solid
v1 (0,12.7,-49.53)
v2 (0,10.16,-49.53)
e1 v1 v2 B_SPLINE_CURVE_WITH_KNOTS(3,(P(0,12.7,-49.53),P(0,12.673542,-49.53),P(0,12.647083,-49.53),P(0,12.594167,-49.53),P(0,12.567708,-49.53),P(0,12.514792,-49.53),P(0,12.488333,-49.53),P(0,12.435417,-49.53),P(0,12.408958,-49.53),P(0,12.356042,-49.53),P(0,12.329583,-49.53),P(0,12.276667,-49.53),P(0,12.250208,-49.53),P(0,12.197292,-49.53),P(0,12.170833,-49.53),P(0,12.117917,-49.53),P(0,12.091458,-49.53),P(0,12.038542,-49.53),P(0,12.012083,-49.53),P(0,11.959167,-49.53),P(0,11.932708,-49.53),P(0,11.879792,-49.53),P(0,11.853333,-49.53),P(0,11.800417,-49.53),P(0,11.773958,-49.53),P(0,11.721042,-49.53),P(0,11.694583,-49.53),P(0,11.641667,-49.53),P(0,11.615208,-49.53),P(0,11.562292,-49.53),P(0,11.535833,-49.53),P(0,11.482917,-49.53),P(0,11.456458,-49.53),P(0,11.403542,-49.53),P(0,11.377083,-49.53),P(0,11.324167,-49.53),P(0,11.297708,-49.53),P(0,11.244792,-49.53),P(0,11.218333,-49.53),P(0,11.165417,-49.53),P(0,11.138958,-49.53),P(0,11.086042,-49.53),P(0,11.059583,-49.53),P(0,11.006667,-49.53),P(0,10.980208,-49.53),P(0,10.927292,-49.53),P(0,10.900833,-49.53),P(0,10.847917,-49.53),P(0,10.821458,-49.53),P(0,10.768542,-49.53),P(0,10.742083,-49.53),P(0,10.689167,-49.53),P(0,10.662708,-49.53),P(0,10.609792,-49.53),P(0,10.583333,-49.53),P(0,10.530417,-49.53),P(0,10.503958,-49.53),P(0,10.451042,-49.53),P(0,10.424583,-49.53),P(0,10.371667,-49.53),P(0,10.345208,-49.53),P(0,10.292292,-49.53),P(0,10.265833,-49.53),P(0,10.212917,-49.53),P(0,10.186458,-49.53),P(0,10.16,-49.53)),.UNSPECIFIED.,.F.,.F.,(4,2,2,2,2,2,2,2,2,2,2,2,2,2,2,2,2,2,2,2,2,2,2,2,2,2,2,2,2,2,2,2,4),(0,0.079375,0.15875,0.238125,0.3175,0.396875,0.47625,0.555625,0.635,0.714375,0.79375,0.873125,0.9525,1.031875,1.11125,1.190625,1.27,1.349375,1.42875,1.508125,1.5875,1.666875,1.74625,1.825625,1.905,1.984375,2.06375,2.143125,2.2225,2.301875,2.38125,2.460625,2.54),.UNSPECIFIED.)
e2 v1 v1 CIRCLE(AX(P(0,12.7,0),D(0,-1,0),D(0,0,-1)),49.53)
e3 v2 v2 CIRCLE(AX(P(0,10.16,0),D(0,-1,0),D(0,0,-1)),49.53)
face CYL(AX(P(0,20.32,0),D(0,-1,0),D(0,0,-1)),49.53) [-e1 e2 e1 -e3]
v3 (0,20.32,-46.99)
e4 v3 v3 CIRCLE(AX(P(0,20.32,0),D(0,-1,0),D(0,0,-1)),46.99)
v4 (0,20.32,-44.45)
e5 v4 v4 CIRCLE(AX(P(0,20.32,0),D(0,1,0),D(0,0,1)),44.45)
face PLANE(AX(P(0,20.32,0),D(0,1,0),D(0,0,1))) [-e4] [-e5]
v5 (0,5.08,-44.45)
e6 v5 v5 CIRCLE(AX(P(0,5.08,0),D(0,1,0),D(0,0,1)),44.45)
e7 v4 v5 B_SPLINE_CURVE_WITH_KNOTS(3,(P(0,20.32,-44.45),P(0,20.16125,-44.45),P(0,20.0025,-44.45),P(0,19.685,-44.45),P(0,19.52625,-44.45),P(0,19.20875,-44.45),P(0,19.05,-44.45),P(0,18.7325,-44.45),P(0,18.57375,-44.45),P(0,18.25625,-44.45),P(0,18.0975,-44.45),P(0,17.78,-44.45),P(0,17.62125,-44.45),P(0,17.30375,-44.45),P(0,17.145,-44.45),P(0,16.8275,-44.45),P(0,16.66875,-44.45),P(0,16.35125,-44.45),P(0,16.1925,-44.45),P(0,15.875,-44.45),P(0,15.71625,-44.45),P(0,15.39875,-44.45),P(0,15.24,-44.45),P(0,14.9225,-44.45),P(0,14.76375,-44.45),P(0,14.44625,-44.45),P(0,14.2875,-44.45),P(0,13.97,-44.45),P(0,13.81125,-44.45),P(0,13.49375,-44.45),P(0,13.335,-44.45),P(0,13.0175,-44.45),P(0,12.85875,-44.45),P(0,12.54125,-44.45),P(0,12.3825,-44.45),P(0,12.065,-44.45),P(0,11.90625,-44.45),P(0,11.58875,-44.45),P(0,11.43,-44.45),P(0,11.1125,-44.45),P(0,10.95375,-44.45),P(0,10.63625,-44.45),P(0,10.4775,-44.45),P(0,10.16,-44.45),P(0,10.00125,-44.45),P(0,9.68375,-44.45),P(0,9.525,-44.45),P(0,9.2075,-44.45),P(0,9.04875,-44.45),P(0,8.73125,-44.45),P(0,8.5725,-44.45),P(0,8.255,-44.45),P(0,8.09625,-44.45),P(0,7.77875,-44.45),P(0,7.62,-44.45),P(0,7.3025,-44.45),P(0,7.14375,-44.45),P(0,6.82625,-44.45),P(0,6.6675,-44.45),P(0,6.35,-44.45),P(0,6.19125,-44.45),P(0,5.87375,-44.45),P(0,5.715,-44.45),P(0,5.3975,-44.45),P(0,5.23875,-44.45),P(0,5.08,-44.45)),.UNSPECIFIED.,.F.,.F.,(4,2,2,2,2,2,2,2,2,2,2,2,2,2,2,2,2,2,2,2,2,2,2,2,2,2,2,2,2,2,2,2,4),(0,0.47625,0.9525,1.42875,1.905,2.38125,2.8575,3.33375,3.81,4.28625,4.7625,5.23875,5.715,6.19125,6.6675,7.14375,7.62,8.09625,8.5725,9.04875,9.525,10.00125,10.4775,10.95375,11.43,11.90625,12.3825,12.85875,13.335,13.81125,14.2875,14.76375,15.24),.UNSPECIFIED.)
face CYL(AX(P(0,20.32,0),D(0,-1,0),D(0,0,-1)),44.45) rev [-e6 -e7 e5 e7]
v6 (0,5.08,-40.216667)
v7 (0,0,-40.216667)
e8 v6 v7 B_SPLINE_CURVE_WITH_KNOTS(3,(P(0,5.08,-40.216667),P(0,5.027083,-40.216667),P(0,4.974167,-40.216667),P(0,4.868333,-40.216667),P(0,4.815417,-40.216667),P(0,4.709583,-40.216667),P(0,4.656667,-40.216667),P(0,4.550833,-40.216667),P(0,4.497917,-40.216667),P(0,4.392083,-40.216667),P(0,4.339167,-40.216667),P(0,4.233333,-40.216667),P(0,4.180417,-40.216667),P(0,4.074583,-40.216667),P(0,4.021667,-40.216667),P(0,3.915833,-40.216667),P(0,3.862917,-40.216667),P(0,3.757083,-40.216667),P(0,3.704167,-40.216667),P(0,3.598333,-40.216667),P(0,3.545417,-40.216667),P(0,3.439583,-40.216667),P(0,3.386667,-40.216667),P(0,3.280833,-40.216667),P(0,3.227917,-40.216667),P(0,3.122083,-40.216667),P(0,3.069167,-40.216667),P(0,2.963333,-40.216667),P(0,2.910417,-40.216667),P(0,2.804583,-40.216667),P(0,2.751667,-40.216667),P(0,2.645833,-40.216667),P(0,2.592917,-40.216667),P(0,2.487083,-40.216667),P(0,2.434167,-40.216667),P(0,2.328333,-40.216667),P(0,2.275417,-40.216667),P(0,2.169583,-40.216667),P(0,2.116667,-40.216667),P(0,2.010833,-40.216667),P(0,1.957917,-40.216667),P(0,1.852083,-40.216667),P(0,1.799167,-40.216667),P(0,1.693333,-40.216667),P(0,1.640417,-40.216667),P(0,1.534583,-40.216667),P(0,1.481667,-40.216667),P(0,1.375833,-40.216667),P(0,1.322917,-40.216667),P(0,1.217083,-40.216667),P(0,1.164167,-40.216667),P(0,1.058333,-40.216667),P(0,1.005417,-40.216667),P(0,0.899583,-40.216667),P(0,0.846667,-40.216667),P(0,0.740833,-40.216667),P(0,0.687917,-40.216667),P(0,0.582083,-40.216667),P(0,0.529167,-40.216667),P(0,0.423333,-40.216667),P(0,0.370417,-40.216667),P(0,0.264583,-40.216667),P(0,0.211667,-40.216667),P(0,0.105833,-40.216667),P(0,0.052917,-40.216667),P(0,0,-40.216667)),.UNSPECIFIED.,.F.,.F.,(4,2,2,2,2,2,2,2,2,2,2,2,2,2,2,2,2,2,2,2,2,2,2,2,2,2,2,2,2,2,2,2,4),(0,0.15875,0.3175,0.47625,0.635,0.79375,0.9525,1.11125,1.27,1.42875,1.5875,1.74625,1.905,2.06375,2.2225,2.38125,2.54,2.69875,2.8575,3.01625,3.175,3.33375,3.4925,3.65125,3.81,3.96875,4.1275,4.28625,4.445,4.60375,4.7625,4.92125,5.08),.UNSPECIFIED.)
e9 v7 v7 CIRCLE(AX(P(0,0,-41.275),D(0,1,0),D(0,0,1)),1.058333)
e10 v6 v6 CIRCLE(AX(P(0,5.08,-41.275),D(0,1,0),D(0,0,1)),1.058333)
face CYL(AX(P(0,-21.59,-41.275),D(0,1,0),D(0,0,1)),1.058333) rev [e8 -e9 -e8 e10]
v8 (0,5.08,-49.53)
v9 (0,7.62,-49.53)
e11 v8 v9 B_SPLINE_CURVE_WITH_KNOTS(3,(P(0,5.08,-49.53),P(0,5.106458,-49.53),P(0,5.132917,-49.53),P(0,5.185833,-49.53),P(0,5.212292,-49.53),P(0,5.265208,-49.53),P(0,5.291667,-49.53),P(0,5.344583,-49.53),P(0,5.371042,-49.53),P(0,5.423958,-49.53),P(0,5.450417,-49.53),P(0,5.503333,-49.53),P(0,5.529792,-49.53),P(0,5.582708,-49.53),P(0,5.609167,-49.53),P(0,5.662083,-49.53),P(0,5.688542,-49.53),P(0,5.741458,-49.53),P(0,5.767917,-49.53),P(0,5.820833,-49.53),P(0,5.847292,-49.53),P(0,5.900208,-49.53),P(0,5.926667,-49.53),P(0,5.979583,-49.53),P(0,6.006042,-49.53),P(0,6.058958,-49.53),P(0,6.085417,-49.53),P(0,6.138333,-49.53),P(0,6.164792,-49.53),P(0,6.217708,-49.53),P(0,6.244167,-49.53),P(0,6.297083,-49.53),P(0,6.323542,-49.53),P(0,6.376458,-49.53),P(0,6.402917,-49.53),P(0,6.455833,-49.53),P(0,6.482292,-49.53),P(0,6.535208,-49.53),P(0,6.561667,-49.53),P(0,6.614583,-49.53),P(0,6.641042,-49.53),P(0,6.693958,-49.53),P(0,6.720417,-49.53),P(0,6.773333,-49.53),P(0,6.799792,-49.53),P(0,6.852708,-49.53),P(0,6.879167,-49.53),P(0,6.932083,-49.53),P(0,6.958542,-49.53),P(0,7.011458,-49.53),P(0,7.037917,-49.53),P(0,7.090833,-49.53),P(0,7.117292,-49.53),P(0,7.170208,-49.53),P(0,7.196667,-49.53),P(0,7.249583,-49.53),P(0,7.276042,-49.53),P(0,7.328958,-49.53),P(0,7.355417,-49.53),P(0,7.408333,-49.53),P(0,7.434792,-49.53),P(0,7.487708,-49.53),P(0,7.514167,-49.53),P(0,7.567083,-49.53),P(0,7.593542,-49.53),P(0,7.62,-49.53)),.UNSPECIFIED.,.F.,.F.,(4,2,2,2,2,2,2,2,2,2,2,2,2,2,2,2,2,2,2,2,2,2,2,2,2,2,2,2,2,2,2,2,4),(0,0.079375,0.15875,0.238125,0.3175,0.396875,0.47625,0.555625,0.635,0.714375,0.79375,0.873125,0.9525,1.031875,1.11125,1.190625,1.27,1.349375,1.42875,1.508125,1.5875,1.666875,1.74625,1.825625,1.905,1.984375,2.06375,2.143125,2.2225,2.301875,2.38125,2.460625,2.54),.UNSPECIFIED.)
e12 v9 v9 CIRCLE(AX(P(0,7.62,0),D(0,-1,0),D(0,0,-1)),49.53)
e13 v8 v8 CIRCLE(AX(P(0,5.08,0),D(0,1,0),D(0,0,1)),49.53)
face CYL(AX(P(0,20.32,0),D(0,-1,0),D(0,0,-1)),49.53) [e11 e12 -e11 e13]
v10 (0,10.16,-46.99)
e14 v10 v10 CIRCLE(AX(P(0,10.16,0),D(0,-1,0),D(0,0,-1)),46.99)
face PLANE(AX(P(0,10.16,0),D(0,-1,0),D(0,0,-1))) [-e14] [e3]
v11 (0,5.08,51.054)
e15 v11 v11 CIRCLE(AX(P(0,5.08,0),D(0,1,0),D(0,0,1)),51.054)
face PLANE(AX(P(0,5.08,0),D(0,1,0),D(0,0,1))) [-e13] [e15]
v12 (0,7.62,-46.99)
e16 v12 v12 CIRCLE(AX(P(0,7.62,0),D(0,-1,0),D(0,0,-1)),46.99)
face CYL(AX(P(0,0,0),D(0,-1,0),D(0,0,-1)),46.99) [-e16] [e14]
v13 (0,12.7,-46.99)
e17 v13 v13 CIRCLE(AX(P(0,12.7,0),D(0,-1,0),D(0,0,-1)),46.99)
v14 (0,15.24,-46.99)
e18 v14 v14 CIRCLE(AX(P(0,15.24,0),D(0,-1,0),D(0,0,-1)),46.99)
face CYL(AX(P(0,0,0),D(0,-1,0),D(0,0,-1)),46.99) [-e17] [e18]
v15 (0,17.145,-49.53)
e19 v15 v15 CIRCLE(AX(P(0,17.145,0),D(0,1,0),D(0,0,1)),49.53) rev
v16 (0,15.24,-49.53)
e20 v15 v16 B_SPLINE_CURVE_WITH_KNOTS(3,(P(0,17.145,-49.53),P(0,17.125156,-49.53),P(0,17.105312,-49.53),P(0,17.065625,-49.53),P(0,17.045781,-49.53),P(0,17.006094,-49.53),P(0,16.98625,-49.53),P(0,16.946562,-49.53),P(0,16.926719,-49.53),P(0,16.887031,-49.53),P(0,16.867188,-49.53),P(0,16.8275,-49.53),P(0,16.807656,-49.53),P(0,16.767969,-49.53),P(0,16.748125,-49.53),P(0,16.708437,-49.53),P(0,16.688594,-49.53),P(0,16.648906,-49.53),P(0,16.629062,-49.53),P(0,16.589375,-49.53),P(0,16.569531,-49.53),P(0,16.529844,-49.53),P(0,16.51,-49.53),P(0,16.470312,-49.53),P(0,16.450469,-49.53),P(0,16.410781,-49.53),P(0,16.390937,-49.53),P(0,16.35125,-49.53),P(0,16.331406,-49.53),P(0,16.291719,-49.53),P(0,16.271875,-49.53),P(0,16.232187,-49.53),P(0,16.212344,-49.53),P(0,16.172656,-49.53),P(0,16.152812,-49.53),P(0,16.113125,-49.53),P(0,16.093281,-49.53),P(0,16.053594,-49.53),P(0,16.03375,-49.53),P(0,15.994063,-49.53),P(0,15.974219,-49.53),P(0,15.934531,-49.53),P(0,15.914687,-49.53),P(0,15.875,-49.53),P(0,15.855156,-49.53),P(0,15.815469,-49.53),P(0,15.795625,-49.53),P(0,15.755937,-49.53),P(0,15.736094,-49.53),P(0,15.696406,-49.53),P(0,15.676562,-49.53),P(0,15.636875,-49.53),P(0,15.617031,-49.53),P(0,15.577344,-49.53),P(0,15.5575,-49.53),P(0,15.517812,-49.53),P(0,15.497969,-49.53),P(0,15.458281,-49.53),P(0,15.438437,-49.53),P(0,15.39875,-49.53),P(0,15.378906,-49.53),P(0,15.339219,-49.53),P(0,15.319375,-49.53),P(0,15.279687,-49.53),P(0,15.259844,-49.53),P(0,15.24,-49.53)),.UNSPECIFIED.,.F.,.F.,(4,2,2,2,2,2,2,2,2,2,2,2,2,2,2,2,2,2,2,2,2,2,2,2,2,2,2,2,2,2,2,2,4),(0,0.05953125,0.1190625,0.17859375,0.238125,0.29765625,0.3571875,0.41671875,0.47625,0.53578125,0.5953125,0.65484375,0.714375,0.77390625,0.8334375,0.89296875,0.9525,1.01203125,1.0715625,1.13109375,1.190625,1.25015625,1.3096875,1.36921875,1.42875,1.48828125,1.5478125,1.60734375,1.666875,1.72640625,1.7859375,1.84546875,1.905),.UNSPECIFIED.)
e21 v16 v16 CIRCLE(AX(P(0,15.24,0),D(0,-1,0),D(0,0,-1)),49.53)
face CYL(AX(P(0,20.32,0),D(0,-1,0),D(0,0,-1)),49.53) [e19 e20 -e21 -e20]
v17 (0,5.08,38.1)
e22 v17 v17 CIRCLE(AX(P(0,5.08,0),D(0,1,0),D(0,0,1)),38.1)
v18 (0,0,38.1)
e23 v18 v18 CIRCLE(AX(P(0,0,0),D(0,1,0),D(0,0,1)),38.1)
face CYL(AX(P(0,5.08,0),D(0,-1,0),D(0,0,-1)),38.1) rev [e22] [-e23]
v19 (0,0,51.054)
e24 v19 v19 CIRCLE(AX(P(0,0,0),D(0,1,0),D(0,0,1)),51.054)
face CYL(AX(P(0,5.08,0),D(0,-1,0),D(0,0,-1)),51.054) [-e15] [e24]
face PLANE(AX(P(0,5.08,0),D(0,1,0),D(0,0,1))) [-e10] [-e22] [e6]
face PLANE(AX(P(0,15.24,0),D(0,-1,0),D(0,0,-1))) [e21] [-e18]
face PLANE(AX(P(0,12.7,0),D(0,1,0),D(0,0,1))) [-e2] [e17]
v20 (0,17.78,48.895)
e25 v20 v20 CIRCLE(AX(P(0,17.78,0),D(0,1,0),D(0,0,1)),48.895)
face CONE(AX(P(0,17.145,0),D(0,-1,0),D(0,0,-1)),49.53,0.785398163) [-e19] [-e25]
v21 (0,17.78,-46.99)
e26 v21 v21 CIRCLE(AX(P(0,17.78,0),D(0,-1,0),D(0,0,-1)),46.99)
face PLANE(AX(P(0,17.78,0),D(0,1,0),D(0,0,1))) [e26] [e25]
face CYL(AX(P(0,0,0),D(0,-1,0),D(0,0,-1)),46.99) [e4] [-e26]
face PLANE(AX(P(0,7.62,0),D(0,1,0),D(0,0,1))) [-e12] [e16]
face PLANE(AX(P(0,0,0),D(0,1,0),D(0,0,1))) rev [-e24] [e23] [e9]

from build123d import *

# Parameters (mm, degrees)
SKETCH1_R           = 51.054
SKETCH1_R_2         = 38.1
BOSS_EXTRUDE1_DEPTH = 5.08
SKETCH2_R           = 49.53
SKETCH2_R_2         = 44.45
BOSS_EXTRUDE2_DEPTH = 15.24
SKETCH4_W           = 2.54
SKETCH4_H           = 2.54
CHAMFER1_SIZE       = 0.635
CUT_EXTRUDE1_DEPTH  = 26.67


with BuildPart() as part:
    # Sketch1 → Boss-Extrude1 (new body)
    with BuildSketch(Plane(origin=(0, 0, 0), x_dir=(1, 0, 0), z_dir=(0, 1, 0))):
        with Locations(Location((0, 0, 0), (0, 0, 270))):
            Circle(SKETCH1_R)
        with Locations(Location((0, 0, 0), (0, 0, 270))):
            Circle(SKETCH1_R_2, mode=Mode.SUBTRACT)
    extrude(amount=BOSS_EXTRUDE1_DEPTH)

    # Sketch2 → Boss-Extrude2 (add)
    with BuildSketch(Plane(origin=(0, 5.08, 0), x_dir=(1, 0, 0), z_dir=(0, 1, 0))):
        with Locations(Location((0, 0, 0), (0, 0, 90))):
            Circle(SKETCH2_R)
        with Locations(Location((0, 0, 0), (0, 0, 90))):
            Circle(SKETCH2_R_2, mode=Mode.SUBTRACT)
    extrude(amount=BOSS_EXTRUDE2_DEPTH)

    # Sketch4 → Cut-Revolve1 (revolve, cut)
    with BuildSketch(Plane.XY, mode=Mode.PRIVATE) as cut_revolve1_sk:
        with Locations((-48.26, 8.89)):
            Rectangle(SKETCH4_W, SKETCH4_H)
        with Locations((-48.26, 13.97)):
            Rectangle(SKETCH4_W, SKETCH4_H)
        with Locations((-48.26, 19.05)):
            Rectangle(SKETCH4_W, SKETCH4_H)
    revolve(cut_revolve1_sk.sketch.rotate(Axis((0, 0, 0), (0, 1, 0)), 270), axis=Axis((0, 0, 0), (0, 1, 0)), mode=Mode.SUBTRACT)

    # Chamfer1
    chamfer1_edges = [part.edges().sort_by_distance(p)[0] for p in [
        (0, 17.78, 49.53),
    ]]
    chamfer(chamfer1_edges, length=CHAMFER1_SIZE)

    # Sketch5 → Cut-Extrude1 (cut)
    with BuildSketch(Plane(origin=(0, 5.08, 0), x_dir=(1, 0, 0), z_dir=(0, 1, 0))):
        with BuildLine():
            ThreePointArc((0, 42.333333164), (-1.058333164, 41.275), (0, 40.216666836))
            Line((0, 40.216666836), (0, 42.333333164))
        make_face()
        with BuildLine():
            Line((0, 42.333333164), (0, 40.216666836))
            ThreePointArc((0, 40.216666836), (0.748354557, 40.526645443), (1.058333164, 41.275))
            ThreePointArc((1.058333164, 41.275), (0.748354557, 42.023354557), (0, 42.333333164))
        make_face()
    extrude(amount=-CUT_EXTRUDE1_DEPTH, mode=Mode.SUBTRACT)


solid = part.part
